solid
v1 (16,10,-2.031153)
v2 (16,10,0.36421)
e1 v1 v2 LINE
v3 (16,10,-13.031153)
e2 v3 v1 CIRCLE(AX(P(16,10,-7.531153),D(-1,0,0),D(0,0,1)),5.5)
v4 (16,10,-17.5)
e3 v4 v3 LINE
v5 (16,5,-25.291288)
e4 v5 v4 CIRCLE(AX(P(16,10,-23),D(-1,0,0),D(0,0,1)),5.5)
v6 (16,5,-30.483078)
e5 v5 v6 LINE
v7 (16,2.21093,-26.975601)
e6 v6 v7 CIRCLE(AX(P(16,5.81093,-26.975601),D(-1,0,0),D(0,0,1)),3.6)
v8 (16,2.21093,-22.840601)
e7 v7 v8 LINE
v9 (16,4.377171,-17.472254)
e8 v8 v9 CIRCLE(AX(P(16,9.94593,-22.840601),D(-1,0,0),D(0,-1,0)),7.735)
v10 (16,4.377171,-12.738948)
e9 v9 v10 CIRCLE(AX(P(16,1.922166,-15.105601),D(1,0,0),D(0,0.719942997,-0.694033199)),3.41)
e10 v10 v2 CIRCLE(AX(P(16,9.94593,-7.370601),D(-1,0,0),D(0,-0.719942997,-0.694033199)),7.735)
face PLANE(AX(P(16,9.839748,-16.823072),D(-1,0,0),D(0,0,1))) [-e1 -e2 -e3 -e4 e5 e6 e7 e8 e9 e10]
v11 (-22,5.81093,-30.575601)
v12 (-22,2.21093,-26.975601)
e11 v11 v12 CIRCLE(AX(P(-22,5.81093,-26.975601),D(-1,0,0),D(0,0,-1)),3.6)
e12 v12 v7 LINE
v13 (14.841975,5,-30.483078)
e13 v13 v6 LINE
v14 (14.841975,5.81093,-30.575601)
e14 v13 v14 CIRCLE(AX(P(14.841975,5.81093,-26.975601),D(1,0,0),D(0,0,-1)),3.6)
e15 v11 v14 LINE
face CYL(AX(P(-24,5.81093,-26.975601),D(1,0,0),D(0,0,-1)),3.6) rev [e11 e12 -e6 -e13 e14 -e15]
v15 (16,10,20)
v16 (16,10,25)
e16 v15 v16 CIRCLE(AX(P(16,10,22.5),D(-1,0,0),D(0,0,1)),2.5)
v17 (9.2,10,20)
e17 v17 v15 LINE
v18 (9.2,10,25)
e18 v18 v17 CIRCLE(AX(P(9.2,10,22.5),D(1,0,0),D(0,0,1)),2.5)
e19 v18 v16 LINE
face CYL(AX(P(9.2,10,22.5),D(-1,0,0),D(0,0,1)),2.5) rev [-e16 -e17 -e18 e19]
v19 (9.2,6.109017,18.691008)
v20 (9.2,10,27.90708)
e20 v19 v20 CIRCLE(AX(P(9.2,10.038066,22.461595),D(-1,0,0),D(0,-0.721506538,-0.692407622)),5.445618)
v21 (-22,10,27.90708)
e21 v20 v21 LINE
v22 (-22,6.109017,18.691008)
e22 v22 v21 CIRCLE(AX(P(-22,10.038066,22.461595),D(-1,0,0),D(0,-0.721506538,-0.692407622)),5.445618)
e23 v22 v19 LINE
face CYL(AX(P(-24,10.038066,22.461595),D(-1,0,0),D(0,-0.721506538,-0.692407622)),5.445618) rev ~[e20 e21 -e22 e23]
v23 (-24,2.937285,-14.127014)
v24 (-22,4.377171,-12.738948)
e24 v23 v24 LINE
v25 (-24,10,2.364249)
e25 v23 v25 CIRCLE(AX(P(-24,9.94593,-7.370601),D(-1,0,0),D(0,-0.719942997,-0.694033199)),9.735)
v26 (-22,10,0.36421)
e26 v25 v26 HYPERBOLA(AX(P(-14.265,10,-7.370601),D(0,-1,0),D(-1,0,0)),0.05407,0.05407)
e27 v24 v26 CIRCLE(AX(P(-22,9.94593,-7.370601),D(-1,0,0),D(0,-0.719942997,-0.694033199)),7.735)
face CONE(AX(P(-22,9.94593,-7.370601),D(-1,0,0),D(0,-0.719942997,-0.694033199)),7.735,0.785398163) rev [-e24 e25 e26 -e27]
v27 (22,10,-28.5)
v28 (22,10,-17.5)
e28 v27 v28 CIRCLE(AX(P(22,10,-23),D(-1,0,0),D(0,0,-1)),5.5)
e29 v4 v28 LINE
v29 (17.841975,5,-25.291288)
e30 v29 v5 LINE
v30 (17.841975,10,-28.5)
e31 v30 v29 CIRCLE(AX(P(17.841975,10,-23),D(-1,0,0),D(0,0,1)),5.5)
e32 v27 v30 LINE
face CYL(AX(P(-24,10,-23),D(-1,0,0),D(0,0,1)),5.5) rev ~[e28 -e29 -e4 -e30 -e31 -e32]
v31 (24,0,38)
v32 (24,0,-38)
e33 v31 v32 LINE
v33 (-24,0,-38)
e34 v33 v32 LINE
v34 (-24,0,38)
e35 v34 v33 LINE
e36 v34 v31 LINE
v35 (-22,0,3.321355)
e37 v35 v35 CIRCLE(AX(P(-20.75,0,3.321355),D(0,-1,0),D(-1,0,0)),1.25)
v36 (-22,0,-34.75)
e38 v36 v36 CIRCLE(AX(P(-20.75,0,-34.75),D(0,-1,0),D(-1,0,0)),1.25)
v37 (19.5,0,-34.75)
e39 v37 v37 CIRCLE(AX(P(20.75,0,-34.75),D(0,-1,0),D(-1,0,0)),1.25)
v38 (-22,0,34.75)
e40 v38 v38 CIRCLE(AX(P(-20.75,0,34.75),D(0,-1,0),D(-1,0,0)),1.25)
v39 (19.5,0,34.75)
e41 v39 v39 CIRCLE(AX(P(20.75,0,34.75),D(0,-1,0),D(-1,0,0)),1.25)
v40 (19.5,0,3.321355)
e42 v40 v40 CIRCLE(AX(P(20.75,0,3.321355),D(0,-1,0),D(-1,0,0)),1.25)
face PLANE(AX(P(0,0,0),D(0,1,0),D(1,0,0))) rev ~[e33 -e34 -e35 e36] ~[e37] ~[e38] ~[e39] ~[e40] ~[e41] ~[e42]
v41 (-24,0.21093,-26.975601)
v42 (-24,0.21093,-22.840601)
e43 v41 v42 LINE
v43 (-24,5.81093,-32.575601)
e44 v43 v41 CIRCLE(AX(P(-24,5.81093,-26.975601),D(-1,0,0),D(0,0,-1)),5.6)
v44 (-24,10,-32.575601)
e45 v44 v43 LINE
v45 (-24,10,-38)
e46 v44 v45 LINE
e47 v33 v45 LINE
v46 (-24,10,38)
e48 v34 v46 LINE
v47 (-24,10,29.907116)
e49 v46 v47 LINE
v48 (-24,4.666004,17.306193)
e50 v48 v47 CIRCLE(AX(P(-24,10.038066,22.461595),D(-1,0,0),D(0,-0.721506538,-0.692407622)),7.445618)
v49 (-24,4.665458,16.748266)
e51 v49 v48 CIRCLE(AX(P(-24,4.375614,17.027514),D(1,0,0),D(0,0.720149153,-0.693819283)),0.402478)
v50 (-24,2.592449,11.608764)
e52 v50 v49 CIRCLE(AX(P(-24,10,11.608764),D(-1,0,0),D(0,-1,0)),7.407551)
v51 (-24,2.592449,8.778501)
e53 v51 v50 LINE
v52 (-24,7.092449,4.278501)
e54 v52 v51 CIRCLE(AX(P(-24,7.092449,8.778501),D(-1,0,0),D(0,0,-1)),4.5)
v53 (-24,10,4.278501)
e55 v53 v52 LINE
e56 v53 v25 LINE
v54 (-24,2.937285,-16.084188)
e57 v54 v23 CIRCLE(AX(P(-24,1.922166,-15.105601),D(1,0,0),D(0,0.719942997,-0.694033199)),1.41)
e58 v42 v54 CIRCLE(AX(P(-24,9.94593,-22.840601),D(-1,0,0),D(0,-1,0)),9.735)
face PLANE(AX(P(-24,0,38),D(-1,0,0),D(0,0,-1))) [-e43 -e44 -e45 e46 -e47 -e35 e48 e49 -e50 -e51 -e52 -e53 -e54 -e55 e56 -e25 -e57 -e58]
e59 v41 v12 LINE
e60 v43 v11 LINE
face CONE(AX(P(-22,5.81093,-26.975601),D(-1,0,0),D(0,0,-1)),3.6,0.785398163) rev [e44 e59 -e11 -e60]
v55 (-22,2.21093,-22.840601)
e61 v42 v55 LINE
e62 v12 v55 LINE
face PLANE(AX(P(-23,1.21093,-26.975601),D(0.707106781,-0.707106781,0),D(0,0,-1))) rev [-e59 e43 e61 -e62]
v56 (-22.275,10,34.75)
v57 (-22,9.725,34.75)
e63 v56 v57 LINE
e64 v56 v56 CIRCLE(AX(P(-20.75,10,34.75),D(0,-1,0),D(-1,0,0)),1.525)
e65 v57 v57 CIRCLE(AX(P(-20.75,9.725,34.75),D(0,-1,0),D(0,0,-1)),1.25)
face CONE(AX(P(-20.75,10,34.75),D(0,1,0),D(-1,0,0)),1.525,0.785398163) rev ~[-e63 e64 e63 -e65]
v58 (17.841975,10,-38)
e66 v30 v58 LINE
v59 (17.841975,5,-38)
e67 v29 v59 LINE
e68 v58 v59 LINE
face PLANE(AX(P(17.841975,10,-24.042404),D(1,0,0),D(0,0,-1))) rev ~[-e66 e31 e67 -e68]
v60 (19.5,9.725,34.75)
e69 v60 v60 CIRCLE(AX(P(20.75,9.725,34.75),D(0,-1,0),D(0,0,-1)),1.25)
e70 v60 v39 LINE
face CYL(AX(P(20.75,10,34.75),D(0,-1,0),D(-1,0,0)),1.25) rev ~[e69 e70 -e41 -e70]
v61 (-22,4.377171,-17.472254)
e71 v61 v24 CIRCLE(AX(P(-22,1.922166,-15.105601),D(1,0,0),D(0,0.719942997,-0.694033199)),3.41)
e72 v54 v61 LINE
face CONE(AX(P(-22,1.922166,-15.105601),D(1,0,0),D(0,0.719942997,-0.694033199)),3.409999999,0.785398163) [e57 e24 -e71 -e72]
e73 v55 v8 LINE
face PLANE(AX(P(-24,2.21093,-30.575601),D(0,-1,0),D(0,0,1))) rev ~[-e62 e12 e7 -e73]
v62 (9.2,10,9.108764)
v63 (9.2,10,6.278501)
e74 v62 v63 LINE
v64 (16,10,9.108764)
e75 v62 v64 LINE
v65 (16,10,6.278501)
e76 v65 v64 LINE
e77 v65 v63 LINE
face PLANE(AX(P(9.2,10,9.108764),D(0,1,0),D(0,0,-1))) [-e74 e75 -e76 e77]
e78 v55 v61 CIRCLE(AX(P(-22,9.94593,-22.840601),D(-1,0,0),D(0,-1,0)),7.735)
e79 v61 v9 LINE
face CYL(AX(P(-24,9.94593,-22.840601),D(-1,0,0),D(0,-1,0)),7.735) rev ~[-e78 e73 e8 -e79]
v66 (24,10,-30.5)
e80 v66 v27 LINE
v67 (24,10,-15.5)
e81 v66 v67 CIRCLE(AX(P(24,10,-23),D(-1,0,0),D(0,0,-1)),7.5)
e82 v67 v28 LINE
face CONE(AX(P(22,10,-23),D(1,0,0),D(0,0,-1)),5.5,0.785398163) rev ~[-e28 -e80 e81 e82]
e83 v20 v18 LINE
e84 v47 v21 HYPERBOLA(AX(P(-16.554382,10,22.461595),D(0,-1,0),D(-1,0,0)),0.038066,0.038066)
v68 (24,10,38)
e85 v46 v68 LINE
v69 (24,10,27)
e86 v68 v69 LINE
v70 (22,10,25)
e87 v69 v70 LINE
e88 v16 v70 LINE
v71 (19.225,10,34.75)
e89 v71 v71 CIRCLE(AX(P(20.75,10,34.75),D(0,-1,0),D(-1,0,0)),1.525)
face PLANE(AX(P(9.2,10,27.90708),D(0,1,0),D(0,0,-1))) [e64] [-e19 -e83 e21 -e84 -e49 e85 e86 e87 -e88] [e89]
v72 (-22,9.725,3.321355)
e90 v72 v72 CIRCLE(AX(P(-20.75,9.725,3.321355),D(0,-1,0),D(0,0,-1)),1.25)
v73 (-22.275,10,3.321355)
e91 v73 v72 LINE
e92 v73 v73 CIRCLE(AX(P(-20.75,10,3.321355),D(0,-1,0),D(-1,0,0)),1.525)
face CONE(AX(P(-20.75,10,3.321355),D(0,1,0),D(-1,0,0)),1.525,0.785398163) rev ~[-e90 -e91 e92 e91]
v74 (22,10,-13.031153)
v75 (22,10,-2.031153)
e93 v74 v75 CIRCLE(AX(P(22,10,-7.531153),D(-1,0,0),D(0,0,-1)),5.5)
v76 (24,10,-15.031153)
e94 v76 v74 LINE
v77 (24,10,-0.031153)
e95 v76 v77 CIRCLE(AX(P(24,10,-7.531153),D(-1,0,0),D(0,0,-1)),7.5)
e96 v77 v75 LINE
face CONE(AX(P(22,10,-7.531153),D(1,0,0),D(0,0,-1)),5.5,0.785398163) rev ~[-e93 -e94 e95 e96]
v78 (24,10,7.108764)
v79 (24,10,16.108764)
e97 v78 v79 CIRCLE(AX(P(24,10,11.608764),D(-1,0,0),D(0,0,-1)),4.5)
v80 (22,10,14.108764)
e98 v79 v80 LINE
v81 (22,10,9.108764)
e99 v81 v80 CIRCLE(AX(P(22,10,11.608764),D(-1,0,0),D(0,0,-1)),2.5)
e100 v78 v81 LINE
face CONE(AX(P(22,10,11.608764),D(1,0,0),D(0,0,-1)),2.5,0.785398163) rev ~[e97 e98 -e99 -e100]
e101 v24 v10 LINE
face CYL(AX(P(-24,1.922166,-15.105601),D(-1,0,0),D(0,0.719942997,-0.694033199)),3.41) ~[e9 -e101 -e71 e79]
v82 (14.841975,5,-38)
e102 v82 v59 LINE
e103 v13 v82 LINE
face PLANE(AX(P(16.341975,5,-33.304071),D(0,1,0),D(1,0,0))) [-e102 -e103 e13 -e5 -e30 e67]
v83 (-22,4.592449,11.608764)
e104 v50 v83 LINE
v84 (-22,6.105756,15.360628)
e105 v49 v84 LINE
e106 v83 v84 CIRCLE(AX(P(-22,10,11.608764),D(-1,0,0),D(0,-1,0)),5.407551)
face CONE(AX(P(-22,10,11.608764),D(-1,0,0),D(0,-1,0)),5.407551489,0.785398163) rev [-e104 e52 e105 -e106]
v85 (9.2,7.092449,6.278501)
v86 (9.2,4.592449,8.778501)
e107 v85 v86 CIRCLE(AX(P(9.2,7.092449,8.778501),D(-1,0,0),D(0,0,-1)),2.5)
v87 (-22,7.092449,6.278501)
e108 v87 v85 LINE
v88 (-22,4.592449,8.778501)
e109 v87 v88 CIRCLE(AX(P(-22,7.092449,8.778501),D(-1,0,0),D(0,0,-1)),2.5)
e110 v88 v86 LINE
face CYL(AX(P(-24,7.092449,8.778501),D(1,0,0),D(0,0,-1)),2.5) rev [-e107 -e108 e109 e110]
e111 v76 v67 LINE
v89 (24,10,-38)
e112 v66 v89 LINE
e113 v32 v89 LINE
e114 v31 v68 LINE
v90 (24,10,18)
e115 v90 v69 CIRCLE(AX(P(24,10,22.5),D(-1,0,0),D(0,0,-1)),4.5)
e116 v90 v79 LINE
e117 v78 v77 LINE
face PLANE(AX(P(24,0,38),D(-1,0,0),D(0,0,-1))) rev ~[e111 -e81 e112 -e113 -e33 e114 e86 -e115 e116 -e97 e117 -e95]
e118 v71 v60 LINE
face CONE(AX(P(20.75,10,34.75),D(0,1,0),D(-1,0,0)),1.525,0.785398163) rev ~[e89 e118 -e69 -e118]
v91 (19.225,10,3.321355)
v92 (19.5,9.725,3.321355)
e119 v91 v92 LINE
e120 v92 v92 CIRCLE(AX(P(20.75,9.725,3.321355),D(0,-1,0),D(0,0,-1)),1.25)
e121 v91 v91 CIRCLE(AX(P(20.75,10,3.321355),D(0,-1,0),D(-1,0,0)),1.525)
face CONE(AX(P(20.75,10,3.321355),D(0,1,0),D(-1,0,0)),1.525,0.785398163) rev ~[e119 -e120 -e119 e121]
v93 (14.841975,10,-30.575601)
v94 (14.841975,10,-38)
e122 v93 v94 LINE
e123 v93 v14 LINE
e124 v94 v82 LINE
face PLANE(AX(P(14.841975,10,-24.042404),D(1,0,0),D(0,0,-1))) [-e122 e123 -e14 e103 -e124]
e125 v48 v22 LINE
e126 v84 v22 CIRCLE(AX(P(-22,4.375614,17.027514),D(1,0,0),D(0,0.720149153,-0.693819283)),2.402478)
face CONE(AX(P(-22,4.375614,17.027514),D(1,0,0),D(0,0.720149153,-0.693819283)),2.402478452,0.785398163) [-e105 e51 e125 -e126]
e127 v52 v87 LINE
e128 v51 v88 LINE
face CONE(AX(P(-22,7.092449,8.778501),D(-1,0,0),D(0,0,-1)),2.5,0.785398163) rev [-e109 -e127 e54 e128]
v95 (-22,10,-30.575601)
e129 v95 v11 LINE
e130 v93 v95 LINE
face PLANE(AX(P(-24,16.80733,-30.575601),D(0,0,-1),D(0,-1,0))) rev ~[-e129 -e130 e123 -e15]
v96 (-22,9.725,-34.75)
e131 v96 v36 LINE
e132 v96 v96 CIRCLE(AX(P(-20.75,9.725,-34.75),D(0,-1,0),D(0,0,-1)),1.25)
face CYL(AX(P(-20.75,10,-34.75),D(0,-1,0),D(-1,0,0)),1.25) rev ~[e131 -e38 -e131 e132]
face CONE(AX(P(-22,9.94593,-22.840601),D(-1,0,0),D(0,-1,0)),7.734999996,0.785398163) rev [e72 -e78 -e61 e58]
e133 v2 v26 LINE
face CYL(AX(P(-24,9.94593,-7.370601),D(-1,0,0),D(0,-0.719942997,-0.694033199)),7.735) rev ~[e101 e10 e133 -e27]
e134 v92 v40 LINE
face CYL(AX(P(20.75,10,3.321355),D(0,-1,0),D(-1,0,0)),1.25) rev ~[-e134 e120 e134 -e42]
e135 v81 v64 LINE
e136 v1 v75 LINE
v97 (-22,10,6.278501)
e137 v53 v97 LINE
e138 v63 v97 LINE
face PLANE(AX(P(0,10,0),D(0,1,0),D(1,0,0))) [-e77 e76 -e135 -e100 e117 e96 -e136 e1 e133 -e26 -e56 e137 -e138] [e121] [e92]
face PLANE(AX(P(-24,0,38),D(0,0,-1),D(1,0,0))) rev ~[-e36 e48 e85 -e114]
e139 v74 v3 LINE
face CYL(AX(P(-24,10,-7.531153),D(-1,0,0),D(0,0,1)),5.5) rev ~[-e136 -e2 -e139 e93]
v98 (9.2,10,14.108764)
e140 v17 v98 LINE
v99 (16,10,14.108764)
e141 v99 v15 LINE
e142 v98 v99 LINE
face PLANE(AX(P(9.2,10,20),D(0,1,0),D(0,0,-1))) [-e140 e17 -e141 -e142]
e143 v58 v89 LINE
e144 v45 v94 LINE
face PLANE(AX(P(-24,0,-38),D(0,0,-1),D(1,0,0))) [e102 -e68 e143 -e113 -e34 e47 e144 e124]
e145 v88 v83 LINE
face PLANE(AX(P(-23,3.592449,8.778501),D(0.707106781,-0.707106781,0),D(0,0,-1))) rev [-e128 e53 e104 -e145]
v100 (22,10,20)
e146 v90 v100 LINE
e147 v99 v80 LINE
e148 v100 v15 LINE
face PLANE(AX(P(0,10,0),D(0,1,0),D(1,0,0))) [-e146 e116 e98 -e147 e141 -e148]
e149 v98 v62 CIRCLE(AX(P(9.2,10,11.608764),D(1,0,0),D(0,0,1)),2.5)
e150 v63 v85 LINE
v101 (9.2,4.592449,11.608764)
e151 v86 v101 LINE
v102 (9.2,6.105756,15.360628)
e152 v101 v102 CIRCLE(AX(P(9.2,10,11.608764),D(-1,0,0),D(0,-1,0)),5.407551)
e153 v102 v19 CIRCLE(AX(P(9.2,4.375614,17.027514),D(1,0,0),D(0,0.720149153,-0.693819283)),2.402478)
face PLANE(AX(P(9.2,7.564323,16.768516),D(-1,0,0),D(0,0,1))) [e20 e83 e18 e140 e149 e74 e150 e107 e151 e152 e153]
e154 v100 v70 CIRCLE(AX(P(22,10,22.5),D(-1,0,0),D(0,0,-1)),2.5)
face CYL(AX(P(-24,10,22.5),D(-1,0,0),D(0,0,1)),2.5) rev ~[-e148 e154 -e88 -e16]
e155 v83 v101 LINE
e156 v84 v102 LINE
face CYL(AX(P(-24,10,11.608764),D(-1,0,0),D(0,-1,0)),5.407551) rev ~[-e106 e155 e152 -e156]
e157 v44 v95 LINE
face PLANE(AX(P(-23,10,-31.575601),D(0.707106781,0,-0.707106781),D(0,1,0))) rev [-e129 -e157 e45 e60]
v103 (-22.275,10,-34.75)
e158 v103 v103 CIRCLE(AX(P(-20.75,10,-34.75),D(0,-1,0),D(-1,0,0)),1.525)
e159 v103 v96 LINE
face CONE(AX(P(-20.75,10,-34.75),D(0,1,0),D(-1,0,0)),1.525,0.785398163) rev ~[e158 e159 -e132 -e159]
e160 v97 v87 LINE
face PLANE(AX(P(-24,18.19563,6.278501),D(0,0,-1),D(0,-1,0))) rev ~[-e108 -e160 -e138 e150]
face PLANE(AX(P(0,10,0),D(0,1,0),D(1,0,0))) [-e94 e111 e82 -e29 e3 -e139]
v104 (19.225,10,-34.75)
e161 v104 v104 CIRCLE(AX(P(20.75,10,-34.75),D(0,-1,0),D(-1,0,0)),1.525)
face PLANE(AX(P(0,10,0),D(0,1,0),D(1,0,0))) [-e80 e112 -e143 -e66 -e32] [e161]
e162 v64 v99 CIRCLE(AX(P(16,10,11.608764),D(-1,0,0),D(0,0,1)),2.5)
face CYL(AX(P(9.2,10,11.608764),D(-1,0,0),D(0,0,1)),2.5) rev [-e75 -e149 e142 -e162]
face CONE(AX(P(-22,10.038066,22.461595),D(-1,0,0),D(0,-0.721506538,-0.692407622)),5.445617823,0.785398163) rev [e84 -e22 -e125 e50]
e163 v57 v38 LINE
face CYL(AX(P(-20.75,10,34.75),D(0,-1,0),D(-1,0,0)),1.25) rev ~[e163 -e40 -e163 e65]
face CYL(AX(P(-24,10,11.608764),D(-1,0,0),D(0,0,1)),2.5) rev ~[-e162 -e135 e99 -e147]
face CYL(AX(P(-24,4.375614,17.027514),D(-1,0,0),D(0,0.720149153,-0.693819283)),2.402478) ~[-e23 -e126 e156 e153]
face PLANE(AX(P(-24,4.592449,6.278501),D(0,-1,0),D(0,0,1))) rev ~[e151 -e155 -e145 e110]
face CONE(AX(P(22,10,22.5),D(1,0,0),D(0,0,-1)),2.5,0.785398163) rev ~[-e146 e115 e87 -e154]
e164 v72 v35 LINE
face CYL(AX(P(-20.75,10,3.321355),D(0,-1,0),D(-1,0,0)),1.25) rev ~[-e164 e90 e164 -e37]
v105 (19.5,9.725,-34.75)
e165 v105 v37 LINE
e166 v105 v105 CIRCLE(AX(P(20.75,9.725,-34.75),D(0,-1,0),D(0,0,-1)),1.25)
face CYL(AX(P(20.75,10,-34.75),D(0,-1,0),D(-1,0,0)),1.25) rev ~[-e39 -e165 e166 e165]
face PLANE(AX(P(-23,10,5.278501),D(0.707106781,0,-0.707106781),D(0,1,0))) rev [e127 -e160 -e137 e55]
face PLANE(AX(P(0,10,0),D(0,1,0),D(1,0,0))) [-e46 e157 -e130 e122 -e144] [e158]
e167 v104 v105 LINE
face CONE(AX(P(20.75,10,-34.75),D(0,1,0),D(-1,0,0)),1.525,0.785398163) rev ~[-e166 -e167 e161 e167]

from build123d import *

# Parameters (mm, degrees)
SKETCH1_W                   = 48
SKETCH1_H                   = 76
BOSS_EXTRUDE1_DEPTH         = 10
SKETCH2_R                   = 5.5
SKETCH2_R_2                 = 2.5
CUT_EXTRUDE1_DEPTH          = 63.032249677
CUT_EXTRUDE2_DEPTH          = 40
FILLET1_R                   = 3.6
FILLET2_R                   = 2.5
M3_TAPPED_HOLE1_D           = 2.5
M3_TAPPED_HOLE1_CSINK_D     = 3.05
M3_TAPPED_HOLE1_CSINK_ANGLE = 90
CHAMFER1_SIZE               = 2
BOSS_EXTRUDE2_START         = 6.8
BOSS_EXTRUDE2_DEPTH         = 6.8
CHAMFER2_SIZE               = 2
SKETCH7_W                   = 3
SKETCH7_H                   = 18.523335373
CUT_EXTRUDE3_DEPTH          = 5


with BuildPart() as part:
    # Sketch1 → Boss-Extrude1 (new body)
    with BuildSketch(Plane(origin=(0, 0, 0), x_dir=(1, 0, 0), z_dir=(0, 1, 0))):
        Rectangle(SKETCH1_W, SKETCH1_H)
    extrude(amount=BOSS_EXTRUDE1_DEPTH)

    # Sketch2 → Cut-Extrude1 (cut, through all)
    with BuildSketch(Plane.ZY.offset(24)):
        with Locations((-23, 10)):
            Circle(SKETCH2_R)
        with Locations((-7.531152857, 10)):
            Circle(SKETCH2_R)
        with Locations((11.608764346, 10)):
            Circle(SKETCH2_R_2)
        with Locations((22.5, 10)):
            Circle(SKETCH2_R_2)
    extrude(amount=-CUT_EXTRUDE1_DEPTH, mode=Mode.SUBTRACT)

    # Sketch3 → Cut-Extrude2 (cut)
    with BuildSketch(Plane.ZY.offset(24)):
        with BuildLine():
            Line((-30.575601228, 16.807330276), (-30.575601228, 2.210930276))
            Line((-30.575601228, 2.210930276), (-22.840601228, 2.210930276))
            ThreePointArc((-22.840601228, 2.210930276), (-19.946134653, 2.772905234), (-17.472254435, 4.377171194))
            ThreePointArc((-17.472254435, 4.377171194), (-15.105601228, 5.332165574), (-12.73894802, 4.377171194))
            ThreePointArc((-12.73894802, 4.377171194), (0.284776113, 8.838942121), (-10.941513582, 16.807330276))
            Line((-10.941513582, 16.807330276), (-30.575601228, 16.807330276))
        make_face()
        with BuildLine():
            Line((6.278500547, 18.195630094), (6.278500547, 4.592448506))
            Line((6.278500547, 4.592448506), (11.608764346, 4.592448506))
            ThreePointArc((11.608764346, 4.592448506), (13.631545875, 4.985025618), (15.360627849, 6.105756374))
            ThreePointArc((15.360627849, 6.105756374), (17.025161235, 6.778090853), (18.691008119, 6.109017464))
            ThreePointArc((18.691008119, 6.109017464), (27.812192286, 11.050917016), (17.515830977, 12.317137997))
            Line((17.515830977, 12.317137997), (6.278500547, 18.195630094))
        make_face()
    extrude(amount=-CUT_EXTRUDE2_DEPTH, mode=Mode.SUBTRACT)

    # Fillet1
    fillet1_edges = [part.edges().sort_by_distance(p)[0] for p in [
        (-4, 2.210930276, -30.575601228),
    ]]
    fillet(fillet1_edges, radius=FILLET1_R)

    # Fillet2
    fillet2_edges = [part.edges().sort_by_distance(p)[0] for p in [
        (-4, 4.592448506, 6.278500547),
    ]]
    fillet(fillet2_edges, radius=FILLET2_R)

    # M3 Tapped Hole1 (through all)
    with Locations(Plane(origin=(0, 10, 0), x_dir=(1, 0, 0), z_dir=(0, 1, 0))):
        with Locations((-20.75, 34.75), (20.75, 34.75), (20.75, -3.321355168), (-20.75, -3.321355168), (-20.75, -34.75), (20.75, -34.75)):
            CounterSinkHole(M3_TAPPED_HOLE1_D / 2, M3_TAPPED_HOLE1_CSINK_D / 2, counter_sink_angle=M3_TAPPED_HOLE1_CSINK_ANGLE)

    # Chamfer1
    chamfer1_edges = [part.edges().sort_by_distance(p)[0] for p in [
        (-24, 2.210930276, -24.908101228),
        (-24, 3.265345864, -29.52118564),
        (-24, 4.592448506, 10.193632446),
        (-24, 5.324681553, 7.010733594),
        (-24, 7.905465138, -30.575601228),
        (-24, 2.772905234, -19.946134653),
        (-24, 5.332165574, -15.105601228),
        (-24, 2.837756402, -4.320340718),
        (-24, 8.546224253, 6.278500547),
        (-24, 4.985025618, 13.631545875),
        (-24, 6.778090853, 17.025161235),
        (-24, 5.021244944, 24.57967394),
    ]]
    chamfer(chamfer1_edges, length=CHAMFER1_SIZE)

    # Sketch6 → Boss-Extrude2 (add)
    with BuildSketch(Plane.ZY.offset(-16).offset(BOSS_EXTRUDE2_START)):
        with BuildLine():
            Line((6.278500547, 10), (6.278500547, 7.092448506))
            ThreePointArc((6.278500547, 7.092448506), (7.010733594, 5.324681553), (8.778500547, 4.592448506))
            Line((8.778500547, 4.592448506), (11.608764346, 4.592448506))
            ThreePointArc((11.608764346, 4.592448506), (13.631545875, 4.985025618), (15.360627849, 6.105756374))
            ThreePointArc((15.360627849, 6.105756374), (17.025161235, 6.778090853), (18.691008119, 6.109017464))
            ThreePointArc((18.691008119, 6.109017464), (24.57967394, 5.021244944), (27.907080182, 10))
            Line((27.907080182, 10), (25, 10))
            ThreePointArc((25, 10), (22.5, 7.5), (20, 10))
            Line((20, 10), (14.108764346, 10))
            ThreePointArc((14.108764346, 10), (11.608764346, 7.5), (9.108764346, 10))
            Line((9.108764346, 10), (6.278500547, 10))
        make_face()
    extrude(amount=-BOSS_EXTRUDE2_DEPTH)

    # Chamfer2
    chamfer2_edges = [part.edges().sort_by_distance(p)[0] for p in [
        (24, 4.5, -23),
        (24, 4.5, -7.531152857),
        (24, 7.5, 11.608764346),
        (24, 7.5, 22.5),
    ]]
    chamfer(chamfer2_edges, length=CHAMFER2_SIZE)

    # Sketch7 → Cut-Extrude3 (cut)
    with BuildSketch(Plane(origin=(0, 10, 0), x_dir=(1, 0, 0), z_dir=(0, 1, 0))):
        with Locations((16.34197527, 33.304071339)):
            Rectangle(SKETCH7_W, SKETCH7_H)
    extrude(amount=-CUT_EXTRUDE3_DEPTH, mode=Mode.SUBTRACT)


solid = part.part
